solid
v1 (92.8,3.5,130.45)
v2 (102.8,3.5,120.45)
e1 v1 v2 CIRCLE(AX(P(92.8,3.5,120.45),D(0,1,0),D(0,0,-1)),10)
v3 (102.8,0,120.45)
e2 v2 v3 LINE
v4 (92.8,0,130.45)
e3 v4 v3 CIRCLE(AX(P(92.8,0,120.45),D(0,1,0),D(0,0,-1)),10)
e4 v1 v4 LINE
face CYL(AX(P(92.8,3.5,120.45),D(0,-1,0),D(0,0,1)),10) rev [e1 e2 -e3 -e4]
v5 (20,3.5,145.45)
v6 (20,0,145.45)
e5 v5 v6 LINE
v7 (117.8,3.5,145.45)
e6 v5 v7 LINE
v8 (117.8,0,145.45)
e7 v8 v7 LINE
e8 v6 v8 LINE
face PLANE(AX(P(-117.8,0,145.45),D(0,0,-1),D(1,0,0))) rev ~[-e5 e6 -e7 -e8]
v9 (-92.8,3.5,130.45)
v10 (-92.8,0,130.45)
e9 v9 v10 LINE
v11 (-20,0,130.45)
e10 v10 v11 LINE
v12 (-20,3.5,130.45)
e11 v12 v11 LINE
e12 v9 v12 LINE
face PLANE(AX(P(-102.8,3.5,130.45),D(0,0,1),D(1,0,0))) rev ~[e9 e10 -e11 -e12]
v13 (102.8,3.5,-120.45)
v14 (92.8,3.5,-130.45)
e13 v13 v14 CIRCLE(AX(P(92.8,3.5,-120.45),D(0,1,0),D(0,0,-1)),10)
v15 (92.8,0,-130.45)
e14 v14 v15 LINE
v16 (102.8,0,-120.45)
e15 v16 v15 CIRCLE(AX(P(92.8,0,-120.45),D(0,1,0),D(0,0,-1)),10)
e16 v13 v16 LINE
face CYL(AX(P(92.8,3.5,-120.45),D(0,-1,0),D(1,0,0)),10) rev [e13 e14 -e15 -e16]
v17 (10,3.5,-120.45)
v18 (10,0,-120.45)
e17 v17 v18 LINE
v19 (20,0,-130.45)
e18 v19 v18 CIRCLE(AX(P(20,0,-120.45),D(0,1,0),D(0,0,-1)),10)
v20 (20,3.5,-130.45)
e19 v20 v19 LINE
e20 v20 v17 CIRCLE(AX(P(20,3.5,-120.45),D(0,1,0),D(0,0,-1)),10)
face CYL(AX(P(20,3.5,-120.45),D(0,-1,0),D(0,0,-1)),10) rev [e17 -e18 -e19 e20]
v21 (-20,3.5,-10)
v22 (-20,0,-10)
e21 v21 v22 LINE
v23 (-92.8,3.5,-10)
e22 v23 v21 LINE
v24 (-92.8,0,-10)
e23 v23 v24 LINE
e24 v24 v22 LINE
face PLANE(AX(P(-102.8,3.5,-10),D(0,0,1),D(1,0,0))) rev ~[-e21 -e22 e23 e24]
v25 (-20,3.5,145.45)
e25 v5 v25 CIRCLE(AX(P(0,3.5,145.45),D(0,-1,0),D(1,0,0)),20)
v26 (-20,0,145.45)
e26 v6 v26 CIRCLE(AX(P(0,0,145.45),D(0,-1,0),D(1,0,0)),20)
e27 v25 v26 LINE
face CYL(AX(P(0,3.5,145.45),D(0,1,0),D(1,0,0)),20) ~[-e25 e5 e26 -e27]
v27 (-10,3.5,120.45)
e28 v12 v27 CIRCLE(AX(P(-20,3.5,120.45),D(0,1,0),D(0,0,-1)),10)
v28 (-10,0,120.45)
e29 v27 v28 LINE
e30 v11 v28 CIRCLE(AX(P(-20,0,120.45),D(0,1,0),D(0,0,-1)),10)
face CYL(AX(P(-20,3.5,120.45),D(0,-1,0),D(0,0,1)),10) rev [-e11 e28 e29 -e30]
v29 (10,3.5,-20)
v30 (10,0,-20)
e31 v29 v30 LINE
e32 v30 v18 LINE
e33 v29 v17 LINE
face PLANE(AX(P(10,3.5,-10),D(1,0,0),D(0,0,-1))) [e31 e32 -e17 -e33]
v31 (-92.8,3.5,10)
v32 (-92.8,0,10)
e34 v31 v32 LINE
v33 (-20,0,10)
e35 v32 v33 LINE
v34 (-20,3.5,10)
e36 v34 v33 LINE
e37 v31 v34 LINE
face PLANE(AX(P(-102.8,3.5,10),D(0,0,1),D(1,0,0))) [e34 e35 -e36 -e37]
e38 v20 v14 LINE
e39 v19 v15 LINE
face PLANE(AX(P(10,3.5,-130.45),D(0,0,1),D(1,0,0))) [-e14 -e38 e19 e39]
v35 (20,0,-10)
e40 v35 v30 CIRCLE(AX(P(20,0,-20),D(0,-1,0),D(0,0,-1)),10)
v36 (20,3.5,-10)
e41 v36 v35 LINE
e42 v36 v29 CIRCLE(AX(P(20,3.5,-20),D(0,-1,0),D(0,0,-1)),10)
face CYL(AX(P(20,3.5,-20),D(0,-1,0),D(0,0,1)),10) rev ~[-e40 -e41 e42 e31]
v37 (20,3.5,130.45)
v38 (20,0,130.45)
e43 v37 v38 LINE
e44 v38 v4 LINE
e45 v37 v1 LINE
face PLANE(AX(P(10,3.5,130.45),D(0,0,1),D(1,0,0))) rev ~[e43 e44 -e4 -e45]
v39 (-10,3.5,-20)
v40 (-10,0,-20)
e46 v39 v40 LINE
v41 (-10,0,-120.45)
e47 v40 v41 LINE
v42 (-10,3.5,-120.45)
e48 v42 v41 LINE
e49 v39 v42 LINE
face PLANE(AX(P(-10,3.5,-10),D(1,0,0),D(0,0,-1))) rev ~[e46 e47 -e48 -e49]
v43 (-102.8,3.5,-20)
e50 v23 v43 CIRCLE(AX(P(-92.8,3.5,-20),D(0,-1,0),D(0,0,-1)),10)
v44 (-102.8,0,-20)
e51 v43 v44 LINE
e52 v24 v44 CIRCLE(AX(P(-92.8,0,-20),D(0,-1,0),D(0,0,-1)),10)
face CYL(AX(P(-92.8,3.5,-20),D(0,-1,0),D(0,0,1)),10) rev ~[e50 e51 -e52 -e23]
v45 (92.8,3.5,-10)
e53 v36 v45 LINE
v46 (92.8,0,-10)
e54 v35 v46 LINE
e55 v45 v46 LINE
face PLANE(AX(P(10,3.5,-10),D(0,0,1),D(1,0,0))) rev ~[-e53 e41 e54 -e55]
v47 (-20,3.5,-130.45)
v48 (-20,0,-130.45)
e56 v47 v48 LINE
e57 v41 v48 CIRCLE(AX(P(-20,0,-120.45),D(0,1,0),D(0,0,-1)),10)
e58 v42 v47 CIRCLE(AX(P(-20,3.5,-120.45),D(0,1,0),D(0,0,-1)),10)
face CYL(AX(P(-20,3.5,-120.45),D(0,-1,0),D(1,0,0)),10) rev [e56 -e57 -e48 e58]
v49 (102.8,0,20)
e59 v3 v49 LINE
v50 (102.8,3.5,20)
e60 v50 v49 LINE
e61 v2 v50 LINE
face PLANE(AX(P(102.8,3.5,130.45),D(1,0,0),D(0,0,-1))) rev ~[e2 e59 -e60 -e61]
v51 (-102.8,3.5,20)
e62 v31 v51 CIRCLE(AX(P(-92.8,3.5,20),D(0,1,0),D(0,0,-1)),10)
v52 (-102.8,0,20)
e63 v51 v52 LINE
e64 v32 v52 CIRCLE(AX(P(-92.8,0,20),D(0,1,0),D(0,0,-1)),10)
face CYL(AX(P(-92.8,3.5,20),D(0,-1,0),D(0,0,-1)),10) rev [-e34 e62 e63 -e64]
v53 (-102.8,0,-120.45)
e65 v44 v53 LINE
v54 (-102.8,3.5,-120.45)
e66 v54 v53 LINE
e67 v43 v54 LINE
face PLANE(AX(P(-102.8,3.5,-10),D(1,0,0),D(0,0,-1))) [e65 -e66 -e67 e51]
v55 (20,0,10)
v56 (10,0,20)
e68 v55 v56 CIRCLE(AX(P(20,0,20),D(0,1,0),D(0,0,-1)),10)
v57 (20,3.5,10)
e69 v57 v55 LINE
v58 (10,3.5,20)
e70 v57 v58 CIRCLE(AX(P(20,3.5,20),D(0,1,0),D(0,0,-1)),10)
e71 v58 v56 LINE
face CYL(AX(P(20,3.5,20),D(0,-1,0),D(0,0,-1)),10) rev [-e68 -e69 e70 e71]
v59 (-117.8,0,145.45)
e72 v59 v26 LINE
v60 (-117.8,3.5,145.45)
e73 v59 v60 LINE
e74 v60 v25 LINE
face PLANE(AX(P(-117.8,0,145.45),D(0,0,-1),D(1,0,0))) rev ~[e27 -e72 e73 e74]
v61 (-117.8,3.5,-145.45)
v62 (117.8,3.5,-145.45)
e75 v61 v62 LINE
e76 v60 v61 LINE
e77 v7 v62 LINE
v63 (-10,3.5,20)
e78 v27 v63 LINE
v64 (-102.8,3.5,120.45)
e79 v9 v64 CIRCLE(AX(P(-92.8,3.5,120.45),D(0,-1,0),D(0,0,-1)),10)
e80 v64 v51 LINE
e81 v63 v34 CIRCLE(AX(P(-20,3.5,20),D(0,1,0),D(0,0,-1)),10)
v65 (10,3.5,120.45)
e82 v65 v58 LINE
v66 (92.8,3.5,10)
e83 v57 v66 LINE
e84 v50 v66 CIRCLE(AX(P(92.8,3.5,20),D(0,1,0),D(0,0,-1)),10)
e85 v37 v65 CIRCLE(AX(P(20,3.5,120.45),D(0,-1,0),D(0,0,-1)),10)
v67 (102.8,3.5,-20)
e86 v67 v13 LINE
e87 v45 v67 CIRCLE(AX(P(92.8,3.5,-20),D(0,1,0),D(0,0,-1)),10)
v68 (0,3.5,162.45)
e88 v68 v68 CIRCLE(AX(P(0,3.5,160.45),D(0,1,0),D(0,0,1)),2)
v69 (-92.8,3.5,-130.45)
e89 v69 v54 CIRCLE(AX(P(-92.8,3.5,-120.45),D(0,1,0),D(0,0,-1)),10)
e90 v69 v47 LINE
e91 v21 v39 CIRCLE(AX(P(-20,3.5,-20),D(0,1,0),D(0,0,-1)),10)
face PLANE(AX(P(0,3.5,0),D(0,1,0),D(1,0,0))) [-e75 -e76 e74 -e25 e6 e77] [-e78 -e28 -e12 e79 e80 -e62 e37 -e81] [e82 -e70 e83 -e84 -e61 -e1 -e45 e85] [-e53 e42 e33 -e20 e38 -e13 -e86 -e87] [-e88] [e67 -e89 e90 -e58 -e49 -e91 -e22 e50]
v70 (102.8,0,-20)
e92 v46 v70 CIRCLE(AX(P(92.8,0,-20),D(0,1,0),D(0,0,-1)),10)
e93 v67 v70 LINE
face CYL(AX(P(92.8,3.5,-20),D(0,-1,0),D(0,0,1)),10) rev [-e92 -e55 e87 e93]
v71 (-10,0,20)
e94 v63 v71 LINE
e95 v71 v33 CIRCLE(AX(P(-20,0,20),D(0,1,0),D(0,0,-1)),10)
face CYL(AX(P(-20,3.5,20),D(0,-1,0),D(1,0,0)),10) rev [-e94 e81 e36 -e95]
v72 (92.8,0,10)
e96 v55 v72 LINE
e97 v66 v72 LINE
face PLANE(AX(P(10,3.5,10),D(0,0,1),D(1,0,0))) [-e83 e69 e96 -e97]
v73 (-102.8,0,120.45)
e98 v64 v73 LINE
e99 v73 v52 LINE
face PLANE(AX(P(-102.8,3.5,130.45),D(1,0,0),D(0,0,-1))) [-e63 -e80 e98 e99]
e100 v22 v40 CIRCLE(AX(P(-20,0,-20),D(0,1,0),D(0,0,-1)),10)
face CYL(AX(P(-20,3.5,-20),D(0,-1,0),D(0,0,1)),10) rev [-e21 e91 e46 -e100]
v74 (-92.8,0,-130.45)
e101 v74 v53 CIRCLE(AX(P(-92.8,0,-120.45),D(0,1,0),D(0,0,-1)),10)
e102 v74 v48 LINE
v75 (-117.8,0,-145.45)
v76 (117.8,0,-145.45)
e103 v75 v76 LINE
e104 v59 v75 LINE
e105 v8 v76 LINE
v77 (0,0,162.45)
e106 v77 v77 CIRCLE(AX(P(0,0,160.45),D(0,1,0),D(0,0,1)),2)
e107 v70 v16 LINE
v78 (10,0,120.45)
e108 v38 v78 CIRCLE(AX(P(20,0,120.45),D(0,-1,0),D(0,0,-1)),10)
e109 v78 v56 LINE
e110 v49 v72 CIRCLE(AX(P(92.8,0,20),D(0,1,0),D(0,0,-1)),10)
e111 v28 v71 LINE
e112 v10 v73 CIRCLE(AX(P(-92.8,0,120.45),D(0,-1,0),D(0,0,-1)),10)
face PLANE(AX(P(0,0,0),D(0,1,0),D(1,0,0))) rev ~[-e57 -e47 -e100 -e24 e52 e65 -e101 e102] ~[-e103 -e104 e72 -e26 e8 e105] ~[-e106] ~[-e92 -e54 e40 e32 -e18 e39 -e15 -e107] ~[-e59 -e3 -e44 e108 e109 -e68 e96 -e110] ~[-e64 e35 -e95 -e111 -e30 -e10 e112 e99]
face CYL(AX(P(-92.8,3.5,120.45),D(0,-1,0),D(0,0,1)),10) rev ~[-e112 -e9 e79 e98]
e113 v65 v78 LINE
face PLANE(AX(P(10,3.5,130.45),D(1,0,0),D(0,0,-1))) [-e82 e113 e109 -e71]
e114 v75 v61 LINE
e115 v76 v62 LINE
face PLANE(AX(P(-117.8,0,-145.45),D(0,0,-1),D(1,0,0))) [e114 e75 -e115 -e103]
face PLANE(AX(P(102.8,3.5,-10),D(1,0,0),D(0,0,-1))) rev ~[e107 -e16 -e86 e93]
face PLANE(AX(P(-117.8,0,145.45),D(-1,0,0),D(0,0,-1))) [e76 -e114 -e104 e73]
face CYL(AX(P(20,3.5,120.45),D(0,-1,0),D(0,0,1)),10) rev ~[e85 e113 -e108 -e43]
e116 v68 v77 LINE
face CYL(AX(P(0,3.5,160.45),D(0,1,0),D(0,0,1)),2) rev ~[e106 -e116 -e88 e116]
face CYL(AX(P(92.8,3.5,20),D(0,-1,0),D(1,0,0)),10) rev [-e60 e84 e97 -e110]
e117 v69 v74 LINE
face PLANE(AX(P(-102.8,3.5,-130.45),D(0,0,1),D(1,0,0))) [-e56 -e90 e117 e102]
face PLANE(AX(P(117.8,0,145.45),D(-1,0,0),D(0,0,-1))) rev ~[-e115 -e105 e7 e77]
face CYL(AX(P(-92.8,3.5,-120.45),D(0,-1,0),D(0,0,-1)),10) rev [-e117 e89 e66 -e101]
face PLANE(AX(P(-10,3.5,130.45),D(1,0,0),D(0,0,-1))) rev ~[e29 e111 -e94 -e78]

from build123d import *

# Parameters (mm, degrees)
SKETCH1_W           = 235.6
SKETCH1_H           = 290.9
BOSS_EXTRUDE1_DEPTH = 3.5
BOSS_EXTRUDE2_DEPTH = 3.5
SKETCH4_R           = 2
CUT_EXTRUDE1_DEPTH  = 3.5
SKETCH5_W           = 92.8
SKETCH5_H           = 120.45
CUT_EXTRUDE2_DEPTH  = 10
FILLET1_R           = 10


with BuildPart() as part:
    # Sketch1 → Boss-Extrude1 (new body)
    with BuildSketch(Plane(origin=(0, 0, 0), x_dir=(1, 0, 0), z_dir=(0, 1, 0))):
        Rectangle(SKETCH1_W, SKETCH1_H)
    extrude(amount=BOSS_EXTRUDE1_DEPTH)

    # Sketch3 → Boss-Extrude2 (add)
    with BuildSketch(Plane(origin=(0, 3.5, 0), x_dir=(1, 0, 0), z_dir=(0, 1, 0))):
        with BuildLine():
            Line((-20, -145.45), (20, -145.45))
            ThreePointArc((20, -145.45), (0, -165.45), (-20, -145.45))
        make_face()
    extrude(amount=-BOSS_EXTRUDE2_DEPTH)

    # Sketch4 → Cut-Extrude1 (cut)
    with BuildSketch(Plane(origin=(0, 3.5, 0), x_dir=(1, 0, 0), z_dir=(0, 1, 0))):
        with Locations(Location((0, -160.45, 0), (0, 0, 270))):
            Circle(SKETCH4_R)
    extrude(amount=-CUT_EXTRUDE1_DEPTH, mode=Mode.SUBTRACT)

    # Sketch5 → Cut-Extrude2 (cut)
    with BuildSketch(Plane(origin=(0, 3.5, 0), x_dir=(1, 0, 0), z_dir=(0, 1, 0))):
        with Locations((-56.4, 70.225)):
            Rectangle(SKETCH5_W, SKETCH5_H)
        with Locations((56.4, 70.225)):
            Rectangle(SKETCH5_W, SKETCH5_H)
        with Locations((-56.4, -70.225)):
            Rectangle(SKETCH5_W, SKETCH5_H)
        with Locations((56.4, -70.225)):
            Rectangle(SKETCH5_W, SKETCH5_H)
    extrude(amount=-CUT_EXTRUDE2_DEPTH, mode=Mode.SUBTRACT)

    # Fillet1
    fillet1_edges = [part.edges().sort_by_distance(p)[0] for p in [
        (10, 1.75, -10),
        (10, 1.75, -130.45),
        (102.8, 1.75, -130.45),
        (102.8, 1.75, -10),
        (-102.8, 1.75, 130.45),
        (-102.8, 1.75, 10),
        (-10, 1.75, 10),
        (-10, 1.75, 130.45),
        (10, 1.75, 130.45),
        (10, 1.75, 10),
        (102.8, 1.75, 10),
        (102.8, 1.75, 130.45),
        (-102.8, 1.75, -10),
        (-102.8, 1.75, -130.45),
        (-10, 1.75, -130.45),
        (-10, 1.75, -10),
    ]]
    fillet(fillet1_edges, radius=FILLET1_R)


solid = part.part
